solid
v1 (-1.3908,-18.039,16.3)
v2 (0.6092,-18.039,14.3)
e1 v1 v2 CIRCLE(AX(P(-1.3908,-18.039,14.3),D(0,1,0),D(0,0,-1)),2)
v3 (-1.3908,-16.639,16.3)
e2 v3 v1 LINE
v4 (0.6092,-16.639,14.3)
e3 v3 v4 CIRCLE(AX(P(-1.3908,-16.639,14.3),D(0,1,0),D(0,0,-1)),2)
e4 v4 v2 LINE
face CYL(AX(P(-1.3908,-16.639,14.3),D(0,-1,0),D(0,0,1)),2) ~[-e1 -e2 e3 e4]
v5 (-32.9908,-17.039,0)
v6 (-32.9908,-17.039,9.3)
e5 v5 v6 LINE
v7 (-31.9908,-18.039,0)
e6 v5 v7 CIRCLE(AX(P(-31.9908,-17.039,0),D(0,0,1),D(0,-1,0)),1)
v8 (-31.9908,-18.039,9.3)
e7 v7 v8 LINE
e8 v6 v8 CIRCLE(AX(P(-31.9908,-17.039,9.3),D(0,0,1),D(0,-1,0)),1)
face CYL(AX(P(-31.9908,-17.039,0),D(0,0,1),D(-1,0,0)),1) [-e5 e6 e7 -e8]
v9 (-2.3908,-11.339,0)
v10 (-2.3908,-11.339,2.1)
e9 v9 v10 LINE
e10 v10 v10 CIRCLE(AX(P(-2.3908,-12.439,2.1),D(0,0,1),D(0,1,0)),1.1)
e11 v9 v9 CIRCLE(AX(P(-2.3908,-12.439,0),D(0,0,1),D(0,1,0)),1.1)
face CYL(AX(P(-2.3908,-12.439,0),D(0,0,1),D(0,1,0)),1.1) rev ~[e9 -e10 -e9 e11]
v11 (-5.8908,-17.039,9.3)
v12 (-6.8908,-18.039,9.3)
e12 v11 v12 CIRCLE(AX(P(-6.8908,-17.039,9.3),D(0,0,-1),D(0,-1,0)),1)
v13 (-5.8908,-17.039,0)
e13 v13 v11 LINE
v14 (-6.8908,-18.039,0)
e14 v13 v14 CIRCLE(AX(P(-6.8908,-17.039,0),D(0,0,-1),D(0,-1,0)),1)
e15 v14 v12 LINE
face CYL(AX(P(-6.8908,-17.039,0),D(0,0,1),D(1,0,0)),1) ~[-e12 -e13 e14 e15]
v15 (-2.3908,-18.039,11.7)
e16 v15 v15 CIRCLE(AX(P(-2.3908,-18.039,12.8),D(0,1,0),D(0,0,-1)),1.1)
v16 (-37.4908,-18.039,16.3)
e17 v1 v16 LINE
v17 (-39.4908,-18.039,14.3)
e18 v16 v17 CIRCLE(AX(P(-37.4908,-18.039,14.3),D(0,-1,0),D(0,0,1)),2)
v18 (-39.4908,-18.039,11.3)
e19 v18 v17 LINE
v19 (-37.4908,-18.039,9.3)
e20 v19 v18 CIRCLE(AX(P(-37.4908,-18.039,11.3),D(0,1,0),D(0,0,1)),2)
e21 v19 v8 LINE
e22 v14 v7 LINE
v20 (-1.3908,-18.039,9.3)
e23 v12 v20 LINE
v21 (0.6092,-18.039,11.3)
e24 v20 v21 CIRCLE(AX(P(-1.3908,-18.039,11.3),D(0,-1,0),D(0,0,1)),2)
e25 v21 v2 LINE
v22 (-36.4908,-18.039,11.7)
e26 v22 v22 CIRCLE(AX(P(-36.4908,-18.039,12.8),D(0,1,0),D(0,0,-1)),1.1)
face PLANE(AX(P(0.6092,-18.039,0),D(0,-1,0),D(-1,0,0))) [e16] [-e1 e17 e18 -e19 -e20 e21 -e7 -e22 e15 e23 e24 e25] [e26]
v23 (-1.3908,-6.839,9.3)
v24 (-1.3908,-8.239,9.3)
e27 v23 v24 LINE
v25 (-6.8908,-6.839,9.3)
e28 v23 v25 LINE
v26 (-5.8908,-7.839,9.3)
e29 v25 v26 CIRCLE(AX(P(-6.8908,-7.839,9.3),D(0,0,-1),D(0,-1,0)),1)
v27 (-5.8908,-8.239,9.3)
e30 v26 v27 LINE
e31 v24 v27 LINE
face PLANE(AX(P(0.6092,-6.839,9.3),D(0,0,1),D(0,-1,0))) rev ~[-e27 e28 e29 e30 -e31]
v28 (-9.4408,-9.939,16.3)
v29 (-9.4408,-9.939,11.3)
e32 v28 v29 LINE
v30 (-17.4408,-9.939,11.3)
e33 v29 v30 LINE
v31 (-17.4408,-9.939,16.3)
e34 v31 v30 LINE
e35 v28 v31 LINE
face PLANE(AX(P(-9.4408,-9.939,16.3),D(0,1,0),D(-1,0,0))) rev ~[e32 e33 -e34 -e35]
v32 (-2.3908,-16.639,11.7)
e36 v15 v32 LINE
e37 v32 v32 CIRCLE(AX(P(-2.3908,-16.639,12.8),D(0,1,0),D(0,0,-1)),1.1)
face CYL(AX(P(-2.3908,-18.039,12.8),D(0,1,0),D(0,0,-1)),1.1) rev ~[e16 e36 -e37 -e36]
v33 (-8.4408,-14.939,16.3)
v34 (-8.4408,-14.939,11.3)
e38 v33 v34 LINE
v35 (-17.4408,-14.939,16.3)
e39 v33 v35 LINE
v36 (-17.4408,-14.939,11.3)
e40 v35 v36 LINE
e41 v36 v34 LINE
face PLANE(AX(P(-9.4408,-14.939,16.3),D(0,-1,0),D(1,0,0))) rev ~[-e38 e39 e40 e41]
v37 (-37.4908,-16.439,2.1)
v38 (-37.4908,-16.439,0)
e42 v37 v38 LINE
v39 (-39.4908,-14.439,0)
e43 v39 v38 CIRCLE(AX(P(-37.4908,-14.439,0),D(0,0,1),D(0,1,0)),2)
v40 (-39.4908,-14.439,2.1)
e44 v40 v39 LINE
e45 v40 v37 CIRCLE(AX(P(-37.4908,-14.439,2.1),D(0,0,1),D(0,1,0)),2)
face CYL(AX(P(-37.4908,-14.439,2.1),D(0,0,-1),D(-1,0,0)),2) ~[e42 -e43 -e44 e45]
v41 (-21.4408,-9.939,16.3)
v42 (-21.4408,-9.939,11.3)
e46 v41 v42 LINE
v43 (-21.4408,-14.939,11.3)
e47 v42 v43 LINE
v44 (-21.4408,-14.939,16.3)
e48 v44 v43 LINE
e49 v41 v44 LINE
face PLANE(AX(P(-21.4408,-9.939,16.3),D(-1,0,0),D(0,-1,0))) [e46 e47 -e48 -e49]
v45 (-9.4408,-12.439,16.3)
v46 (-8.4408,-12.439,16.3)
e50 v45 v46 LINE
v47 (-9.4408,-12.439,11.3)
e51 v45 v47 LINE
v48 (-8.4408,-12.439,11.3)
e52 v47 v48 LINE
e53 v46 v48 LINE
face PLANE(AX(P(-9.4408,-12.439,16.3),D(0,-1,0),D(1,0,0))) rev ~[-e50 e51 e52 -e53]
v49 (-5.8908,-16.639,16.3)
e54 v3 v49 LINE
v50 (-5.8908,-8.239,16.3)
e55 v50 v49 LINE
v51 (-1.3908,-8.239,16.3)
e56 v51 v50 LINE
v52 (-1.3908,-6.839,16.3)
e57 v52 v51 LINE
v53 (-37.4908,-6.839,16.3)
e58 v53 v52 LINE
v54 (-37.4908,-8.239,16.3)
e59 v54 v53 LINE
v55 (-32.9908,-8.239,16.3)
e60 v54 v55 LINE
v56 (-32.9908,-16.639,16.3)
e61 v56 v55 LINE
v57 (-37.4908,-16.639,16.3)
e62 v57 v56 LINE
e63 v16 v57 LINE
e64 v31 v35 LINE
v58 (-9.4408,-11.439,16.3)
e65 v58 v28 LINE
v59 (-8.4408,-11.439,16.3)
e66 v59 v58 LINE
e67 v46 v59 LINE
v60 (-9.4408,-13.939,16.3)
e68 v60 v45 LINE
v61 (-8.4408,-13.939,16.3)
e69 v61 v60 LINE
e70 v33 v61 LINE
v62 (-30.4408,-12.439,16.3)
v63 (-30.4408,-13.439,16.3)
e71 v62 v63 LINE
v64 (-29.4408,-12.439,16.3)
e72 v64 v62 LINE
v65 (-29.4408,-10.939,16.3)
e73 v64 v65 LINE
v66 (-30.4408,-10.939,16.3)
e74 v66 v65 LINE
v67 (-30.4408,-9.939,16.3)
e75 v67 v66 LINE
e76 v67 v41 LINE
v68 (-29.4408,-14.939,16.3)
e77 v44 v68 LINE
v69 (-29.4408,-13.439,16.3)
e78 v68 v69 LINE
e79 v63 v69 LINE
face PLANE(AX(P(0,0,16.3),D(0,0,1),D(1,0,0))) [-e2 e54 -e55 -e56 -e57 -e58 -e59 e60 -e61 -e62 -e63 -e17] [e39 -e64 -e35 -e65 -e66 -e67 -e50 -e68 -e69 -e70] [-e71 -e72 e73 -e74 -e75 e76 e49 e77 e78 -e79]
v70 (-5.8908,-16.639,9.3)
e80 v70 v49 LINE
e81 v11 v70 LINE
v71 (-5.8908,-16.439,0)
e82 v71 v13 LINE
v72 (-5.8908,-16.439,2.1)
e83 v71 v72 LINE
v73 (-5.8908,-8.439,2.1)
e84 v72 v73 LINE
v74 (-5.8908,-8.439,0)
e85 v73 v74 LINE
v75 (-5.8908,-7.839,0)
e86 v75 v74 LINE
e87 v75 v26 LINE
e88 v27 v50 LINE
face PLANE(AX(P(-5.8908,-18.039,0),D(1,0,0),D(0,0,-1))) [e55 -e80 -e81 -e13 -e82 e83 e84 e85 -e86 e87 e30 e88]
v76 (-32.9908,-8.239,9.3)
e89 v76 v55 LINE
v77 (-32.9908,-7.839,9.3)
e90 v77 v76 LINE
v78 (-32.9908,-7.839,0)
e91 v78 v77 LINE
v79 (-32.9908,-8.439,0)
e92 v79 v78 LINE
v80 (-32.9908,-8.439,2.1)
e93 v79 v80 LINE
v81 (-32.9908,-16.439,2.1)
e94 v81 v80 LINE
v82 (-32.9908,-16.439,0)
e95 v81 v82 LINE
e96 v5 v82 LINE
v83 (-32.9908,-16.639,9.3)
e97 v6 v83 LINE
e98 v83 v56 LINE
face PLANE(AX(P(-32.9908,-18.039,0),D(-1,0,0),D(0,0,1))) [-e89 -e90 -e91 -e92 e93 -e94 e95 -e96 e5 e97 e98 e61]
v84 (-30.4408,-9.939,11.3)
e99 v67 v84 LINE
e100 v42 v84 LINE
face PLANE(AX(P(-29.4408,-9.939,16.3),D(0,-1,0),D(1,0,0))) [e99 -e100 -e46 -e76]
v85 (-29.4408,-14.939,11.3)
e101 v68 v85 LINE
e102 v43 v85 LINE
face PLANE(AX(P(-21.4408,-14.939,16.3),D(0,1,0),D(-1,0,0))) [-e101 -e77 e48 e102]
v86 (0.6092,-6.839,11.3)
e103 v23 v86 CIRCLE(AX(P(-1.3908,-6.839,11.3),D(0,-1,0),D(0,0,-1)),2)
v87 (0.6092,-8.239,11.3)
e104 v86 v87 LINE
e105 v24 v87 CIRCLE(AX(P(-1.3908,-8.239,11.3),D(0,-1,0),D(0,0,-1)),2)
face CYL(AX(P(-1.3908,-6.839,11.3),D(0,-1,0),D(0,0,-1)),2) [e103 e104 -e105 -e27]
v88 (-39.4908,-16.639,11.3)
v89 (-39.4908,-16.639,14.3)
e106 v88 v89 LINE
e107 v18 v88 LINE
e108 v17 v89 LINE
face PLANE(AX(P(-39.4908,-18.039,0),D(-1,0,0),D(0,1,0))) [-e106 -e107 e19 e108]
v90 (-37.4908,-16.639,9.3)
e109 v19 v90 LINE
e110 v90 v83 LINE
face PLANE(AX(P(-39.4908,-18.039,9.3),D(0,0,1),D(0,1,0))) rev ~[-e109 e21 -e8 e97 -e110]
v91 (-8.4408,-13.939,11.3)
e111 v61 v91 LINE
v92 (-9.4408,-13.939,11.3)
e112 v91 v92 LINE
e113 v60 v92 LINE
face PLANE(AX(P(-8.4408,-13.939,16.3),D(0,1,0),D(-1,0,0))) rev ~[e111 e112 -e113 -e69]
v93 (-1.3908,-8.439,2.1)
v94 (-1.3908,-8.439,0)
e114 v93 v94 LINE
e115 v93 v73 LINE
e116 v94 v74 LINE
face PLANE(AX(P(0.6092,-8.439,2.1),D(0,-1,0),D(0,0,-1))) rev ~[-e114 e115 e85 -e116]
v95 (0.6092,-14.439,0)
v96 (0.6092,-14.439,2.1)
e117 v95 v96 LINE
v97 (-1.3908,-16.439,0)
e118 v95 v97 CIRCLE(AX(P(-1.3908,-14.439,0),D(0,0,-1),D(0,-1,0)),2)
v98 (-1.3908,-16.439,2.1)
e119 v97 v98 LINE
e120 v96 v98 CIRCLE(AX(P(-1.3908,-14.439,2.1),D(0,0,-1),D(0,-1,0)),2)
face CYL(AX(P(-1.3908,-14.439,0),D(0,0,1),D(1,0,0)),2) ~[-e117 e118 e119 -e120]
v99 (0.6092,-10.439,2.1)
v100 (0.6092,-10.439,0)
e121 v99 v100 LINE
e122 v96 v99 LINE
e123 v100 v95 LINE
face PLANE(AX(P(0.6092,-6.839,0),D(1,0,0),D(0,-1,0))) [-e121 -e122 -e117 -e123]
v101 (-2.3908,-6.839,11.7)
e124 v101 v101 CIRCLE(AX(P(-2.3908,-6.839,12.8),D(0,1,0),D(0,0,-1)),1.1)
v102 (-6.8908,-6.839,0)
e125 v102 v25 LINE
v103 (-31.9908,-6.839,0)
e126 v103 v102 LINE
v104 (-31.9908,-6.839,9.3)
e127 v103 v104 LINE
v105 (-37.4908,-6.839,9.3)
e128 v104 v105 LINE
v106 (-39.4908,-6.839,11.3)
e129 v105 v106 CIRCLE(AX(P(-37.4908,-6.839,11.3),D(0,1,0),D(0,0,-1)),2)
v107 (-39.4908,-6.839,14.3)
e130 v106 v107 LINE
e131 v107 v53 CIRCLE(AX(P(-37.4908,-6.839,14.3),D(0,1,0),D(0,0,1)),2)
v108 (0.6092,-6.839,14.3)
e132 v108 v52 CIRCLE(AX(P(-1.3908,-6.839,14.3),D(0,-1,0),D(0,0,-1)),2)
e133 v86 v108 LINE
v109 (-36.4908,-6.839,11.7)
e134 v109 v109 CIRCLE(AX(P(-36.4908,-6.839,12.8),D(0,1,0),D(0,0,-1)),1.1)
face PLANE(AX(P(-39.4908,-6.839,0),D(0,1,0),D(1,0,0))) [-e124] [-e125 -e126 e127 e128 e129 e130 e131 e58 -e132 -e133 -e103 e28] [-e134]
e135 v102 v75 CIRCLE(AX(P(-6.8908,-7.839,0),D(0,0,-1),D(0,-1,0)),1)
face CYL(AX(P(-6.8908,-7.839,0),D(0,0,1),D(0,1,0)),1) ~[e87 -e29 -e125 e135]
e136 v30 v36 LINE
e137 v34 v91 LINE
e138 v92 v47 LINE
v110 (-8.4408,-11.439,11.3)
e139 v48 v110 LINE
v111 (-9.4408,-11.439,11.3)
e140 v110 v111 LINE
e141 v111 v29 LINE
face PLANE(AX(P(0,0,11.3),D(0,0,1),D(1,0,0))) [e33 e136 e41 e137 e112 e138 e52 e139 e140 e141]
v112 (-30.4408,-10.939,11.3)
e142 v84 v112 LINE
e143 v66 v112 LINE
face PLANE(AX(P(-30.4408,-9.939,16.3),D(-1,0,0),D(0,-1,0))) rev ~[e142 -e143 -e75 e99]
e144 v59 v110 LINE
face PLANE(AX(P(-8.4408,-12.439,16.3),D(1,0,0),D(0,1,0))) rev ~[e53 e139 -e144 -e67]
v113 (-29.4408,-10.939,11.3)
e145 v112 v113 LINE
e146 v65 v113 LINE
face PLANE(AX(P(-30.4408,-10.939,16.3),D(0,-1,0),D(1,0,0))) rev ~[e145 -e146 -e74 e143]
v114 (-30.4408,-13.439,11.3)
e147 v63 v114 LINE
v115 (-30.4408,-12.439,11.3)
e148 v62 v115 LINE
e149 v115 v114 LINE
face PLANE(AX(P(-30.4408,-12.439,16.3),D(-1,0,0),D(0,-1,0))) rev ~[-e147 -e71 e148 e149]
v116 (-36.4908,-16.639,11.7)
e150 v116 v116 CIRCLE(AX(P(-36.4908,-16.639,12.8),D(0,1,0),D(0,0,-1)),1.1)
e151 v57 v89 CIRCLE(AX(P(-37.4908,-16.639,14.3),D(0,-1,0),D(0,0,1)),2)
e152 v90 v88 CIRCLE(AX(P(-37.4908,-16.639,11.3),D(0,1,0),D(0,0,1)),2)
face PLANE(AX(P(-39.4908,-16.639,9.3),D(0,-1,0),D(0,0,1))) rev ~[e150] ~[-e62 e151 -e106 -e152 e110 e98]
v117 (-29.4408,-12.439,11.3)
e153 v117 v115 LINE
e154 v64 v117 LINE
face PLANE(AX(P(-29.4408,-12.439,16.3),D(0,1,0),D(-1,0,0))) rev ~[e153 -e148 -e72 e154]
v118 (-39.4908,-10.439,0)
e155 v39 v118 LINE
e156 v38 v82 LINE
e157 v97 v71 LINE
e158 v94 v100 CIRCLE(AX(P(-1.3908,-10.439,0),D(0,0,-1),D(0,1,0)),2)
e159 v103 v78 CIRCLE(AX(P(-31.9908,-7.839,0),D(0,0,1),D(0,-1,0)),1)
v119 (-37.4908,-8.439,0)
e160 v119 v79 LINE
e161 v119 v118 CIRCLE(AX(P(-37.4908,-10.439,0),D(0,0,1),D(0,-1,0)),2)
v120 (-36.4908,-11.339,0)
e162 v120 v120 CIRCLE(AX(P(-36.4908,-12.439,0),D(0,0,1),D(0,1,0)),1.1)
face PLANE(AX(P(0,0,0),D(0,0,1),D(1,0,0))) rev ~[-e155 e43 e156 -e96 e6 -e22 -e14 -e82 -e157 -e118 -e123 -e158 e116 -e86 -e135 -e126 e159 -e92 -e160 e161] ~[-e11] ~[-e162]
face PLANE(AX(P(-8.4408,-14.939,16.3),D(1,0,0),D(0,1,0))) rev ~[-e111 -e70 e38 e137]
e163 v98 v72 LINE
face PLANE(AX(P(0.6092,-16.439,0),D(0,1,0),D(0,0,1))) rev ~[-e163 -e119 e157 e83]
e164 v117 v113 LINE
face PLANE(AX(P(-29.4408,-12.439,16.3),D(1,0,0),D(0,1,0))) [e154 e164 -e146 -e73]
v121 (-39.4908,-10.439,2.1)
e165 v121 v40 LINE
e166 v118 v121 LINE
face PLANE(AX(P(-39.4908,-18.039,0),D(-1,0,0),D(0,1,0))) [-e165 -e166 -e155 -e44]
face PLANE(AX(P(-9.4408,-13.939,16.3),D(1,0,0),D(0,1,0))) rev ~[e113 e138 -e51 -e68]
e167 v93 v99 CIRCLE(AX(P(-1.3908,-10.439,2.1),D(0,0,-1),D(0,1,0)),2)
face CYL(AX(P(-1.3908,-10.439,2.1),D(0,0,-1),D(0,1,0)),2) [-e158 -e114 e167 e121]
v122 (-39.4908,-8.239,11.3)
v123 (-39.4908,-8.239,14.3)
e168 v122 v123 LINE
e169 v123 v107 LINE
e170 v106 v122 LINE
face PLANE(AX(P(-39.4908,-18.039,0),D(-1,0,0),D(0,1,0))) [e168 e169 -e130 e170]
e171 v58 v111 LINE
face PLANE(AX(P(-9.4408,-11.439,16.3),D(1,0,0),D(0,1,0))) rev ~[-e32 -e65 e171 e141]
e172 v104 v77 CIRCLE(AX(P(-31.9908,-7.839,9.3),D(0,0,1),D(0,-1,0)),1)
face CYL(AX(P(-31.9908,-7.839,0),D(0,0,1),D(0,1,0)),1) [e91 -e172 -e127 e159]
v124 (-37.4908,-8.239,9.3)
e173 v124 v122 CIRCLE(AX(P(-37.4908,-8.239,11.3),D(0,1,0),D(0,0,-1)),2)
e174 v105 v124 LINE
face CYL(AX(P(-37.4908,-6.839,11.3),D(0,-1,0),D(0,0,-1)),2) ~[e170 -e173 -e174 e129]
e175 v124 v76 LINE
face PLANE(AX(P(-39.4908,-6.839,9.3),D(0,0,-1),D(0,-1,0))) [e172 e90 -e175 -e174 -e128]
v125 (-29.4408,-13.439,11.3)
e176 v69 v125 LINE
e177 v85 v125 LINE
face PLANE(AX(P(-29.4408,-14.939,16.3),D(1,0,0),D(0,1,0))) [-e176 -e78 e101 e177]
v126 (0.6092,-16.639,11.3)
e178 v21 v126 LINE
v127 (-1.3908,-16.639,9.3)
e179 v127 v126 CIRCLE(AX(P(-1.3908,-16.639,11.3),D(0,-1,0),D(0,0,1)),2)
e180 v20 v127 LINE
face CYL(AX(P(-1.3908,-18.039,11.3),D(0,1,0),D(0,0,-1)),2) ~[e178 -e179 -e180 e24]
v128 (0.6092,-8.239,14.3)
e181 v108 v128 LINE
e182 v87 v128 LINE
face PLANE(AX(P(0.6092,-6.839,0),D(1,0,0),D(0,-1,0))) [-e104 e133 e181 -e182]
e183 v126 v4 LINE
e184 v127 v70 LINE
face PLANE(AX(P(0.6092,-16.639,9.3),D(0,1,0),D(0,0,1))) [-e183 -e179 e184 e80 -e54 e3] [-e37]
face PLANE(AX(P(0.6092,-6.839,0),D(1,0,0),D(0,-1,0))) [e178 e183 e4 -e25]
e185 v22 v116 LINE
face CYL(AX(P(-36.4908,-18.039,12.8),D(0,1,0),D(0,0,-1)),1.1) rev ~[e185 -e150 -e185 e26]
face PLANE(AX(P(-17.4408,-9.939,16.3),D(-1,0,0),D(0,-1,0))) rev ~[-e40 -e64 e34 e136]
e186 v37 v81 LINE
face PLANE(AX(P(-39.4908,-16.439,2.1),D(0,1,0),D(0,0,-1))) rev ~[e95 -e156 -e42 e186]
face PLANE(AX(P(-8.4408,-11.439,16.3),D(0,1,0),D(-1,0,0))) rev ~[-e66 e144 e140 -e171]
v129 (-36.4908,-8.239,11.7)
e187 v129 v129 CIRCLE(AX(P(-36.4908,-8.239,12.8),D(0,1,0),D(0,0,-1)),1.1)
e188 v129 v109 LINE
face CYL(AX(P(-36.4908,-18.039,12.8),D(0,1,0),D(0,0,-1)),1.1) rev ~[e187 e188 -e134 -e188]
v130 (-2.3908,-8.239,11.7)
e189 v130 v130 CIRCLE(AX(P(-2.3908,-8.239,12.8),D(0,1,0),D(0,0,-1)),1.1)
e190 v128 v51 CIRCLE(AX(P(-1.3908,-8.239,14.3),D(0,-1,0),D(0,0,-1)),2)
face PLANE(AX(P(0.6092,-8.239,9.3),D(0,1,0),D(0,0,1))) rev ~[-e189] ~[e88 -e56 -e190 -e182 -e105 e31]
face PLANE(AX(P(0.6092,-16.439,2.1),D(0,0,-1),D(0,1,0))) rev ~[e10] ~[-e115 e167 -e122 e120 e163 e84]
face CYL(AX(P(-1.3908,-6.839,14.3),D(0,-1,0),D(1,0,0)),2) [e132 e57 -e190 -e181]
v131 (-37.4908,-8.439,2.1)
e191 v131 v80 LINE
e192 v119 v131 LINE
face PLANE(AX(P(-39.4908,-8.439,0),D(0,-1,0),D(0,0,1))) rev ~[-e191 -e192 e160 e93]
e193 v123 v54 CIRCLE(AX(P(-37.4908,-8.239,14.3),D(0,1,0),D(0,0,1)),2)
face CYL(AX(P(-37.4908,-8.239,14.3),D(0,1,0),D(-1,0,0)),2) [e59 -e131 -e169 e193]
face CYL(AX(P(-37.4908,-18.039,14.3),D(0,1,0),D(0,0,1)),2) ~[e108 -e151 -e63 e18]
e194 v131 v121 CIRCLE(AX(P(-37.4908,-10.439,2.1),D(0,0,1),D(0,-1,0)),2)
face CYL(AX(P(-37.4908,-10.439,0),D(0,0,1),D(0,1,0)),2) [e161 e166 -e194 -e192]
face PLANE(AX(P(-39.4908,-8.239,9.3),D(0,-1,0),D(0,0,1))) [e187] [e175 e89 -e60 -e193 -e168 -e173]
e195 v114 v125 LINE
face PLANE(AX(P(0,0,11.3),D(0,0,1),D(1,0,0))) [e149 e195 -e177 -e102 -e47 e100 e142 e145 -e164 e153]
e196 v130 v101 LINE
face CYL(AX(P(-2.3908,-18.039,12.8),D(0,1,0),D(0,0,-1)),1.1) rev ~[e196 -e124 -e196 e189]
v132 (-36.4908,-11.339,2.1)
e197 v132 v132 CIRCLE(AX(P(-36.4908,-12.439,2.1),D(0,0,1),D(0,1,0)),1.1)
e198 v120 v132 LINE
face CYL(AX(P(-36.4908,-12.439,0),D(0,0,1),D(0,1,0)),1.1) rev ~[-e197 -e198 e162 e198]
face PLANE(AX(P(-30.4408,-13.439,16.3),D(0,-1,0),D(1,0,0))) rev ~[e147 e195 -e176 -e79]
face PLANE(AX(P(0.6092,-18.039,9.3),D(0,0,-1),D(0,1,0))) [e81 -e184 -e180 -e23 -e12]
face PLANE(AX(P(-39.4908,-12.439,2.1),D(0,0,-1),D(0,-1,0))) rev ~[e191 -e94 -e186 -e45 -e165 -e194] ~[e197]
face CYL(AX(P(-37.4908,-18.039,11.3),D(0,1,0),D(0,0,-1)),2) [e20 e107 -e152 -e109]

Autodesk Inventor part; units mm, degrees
ref_plane "YZ Plane" through (0, 0, 0) normal (1, 0, 0) x (0, 1, 0)
ref_plane "XZ Plane" through (0, 0, 0) normal (0, 1, 0) x (-1, 0, 0)
ref_plane "XY Plane" through (0, 0, 0) normal (0, 0, 1) x (1, 0, 0)
sketch "スケッチ1" plane through (0, 0, 0) normal (0, 0, 1) x (1, 0, 0)
  line L0 (-39.4908, -6.839) -> (0.6092, -6.839)
  line L1 (0.6092, -6.839) -> (0.6092, -18.039)
  line L2 (0.6092, -18.039) -> (-39.4908, -18.039)
  line L3 (-39.4908, -18.039) -> (-39.4908, -6.839)
  point P0 (0, 0)
  dimension "d0" = 40.1
  dimension "d1" = 11.2
extrude "押し出し1" add sketch "スケッチ1" along normal blind 16.3
sketch "スケッチ2" plane through (0.6092, -18.039, 0) normal (1, 0, 0) x (0, 0, -1)
  line L0 (-16.3, 11.2) -> (-16.3, 0) projected
  line L1 (0, 0) -> (-16.3, 0) projected
  line L2 (0, 11.2) -> (0, 0) projected
  line L3 (0, 11.2) -> (-16.3, 11.2) projected
  line L4 (-16.3, 0) -> (-9.3, 0)
  line L5 (-9.3, 0) -> (-9.3, 1.4)
  line L6 (-9.3, 1.4) -> (-16.3, 1.4)
  line L7 (-16.3, 1.4) -> (-16.3, 0)
  line L8 (-16.3, 11.2) -> (-9.3, 11.2)
  line L9 (-9.3, 11.2) -> (-9.3, 9.8)
  line L10 (-9.3, 9.8) -> (-16.3, 9.8)
  line L11 (-16.3, 9.8) -> (-16.3, 11.2)
  line L12 (0, 1.6) -> (-2.1, 1.6)
  line L13 (-2.1, 1.6) -> (-2.1, 9.6)
  line L14 (-2.1, 9.6) -> (0, 9.6)
  line L15 (0, 9.6) -> (0, 1.6)
  point P0 (0, 18.039)
  dimension "d4" = 8
  dimension "d5" = 2.1
  dimension "d6" = 7
  dimension "d7" = 7
  dimension "d8" = 8.4
extrude "押し出し2" cut sketch "スケッチ2" against normal blind 6.5 contours L10 L9 L3 L2 L14 L13 L12 L1 L5 L6 L0
sketch "スケッチ3" plane through (-39.4908, -18.039, 0) normal (-1, 0, 0) x (0, 0, 1)
  line L0 (16.3, 0) -> (16.3, 11.2) projected
  line L1 (0, 11.2) -> (16.3, 11.2) projected
  line L2 (0, 0) -> (0, 11.2) projected
  line L3 (0, 0) -> (16.3, 0) projected
  line L4 (16.3, 11.2) -> (9.3, 11.2)
  line L5 (9.3, 11.2) -> (9.3, 9.8)
  line L6 (9.3, 9.8) -> (16.3, 9.8)
  line L7 (16.3, 9.8) -> (16.3, 11.2)
  line L8 (16.3, 0) -> (9.3, 0)
  line L9 (9.3, 0) -> (9.3, 1.4)
  line L10 (9.3, 1.4) -> (16.3, 1.4)
  line L11 (16.3, 1.4) -> (16.3, 0)
  line L12 (0, 9.6) -> (2.1, 9.6)
  line L13 (2.1, 9.6) -> (2.1, 1.6)
  line L14 (2.1, 1.6) -> (0, 1.6)
  line L15 (0, 1.6) -> (0, 9.6)
  line L16 (2.1, 5.6) -> (16.3, 5.6)
  point P0 (0, 18.039)
  dimension "d12" = 7
  dimension "d13" = 7
  dimension "d14" = 8
  dimension "d15" = 2.1
  dimension "d16" = 8.4
  dimension "d17" = 4.2
extrude "押し出し3" cut sketch "スケッチ3" against normal blind 6.5 contours L10 L9 L3 L2 L14 L13 L16 L0 | L16 L13 L12 L2 L1 L5 L6 L0
sketch "スケッチ4" plane through (0, 0, 0) normal (0, 0, -1) x (-1, 0, 0)
  line L0 (5.8908, -18.039) -> (32.9908, -18.039) projected
  line L1 (39.4908, -8.439) -> (32.9908, -8.439) projected
  line L2 (36.4908, -12.439) -> (2.3908, -12.439)
  line L3 (19.4408, -12.439) -> (19.4408, -18.039)
  point P0 (0, 0)
  dimension "d20" = 34.1
  dimension "d21" = 5.6
hole "穴1" at (-36.4908, -12.439, 0) at (-2.3908, -12.439, 0) direction (0, 0, 1) diameter 2.2 end through all
sketch "スケッチ5" plane through (-39.4908, -18.039, 16.3) normal (0, -1, 0) x (1, 0, 0)
  line L0 (33.6, -16.3) -> (6.5, -16.3) projected
  line L1 (40.1, -7) -> (40.1, 0) projected
  line L2 (40.1, 0) -> (0, 0) projected
  line L3 (3, -3.5) -> (37.1, -3.5)
  line L4 (20.05, -3.5) -> (20.05, 0)
  point P0 (39.4908, -16.3)
  dimension "d29" = 34.1
  dimension "d30" = 12.8
hole "穴2" at (-36.4908, -18.039, 12.8) at (-2.3908, -18.039, 12.8) direction (0, 1, 0) diameter 2.2 end through all
fillet "フィレット1" radius 2 12 edges at (0.6092, -17.339, 16.3) (0.6092, -17.339, 9.3) (0.6092, -7.539, 16.3) (0.6092, -7.539, 9.3) (-39.4908, -7.539, 16.3) (-39.4908, -17.339, 16.3) (-39.4908, -17.339, 9.3) (-39.4908, -7.539, 9.3) (0.6092, -16.439, 1.05) (0.6092, -8.439, 1.05) (-39.4908, -16.439, 1.05) (-39.4908, -8.439, 1.05)
fillet "フィレット2" radius 1 4 edges at (-32.9908, -18.039, 4.65) (-5.8908, -18.039, 4.65) (-5.8908, -6.839, 4.65) (-32.9908, -6.839, 4.65)
sketch "スケッチ6" plane through (0, 0, 16.3) normal (0, 0, 1) x (1, 0, 0)
  line L0 (-29.4408, -9.939) -> (-21.4408, -9.939)
  line L1 (-21.4408, -9.939) -> (-21.4408, -14.939)
  line L2 (-21.4408, -14.939) -> (-29.4408, -14.939)
  line L3 (-9.4408, -9.939) -> (-17.4408, -9.939)
  line L4 (-17.4408, -9.939) -> (-17.4408, -14.939)
  line L5 (-17.4408, -14.939) -> (-9.4408, -14.939)
  line L6 (-29.4408, -9.939) -> (-30.4408, -9.939)
  line L7 (-30.4408, -9.939) -> (-30.4408, -10.939)
  line L8 (-30.4408, -10.939) -> (-29.4408, -10.939)
  line L9 (-29.4408, -12.439) -> (-30.4408, -12.439)
  line L10 (-30.4408, -12.439) -> (-30.4408, -13.439)
  line L11 (-30.4408, -13.439) -> (-29.4408, -13.439)
  line L12 (-9.4408, -14.939) -> (-8.4408, -14.939)
  line L13 (-8.4408, -14.939) -> (-8.4408, -13.939)
  line L14 (-8.4408, -13.939) -> (-9.4408, -13.939)
  line L15 (-9.4408, -12.439) -> (-8.4408, -12.439)
  line L16 (-8.4408, -12.439) -> (-8.4408, -11.439)
  line L17 (-8.4408, -11.439) -> (-9.4408, -11.439)
  line L18 (-29.4408, -14.939) -> (-29.4408, -13.439)
  line L19 (-29.4408, -12.439) -> (-29.4408, -10.939)
  line L20 (-9.4408, -13.939) -> (-9.4408, -12.439)
  line L21 (-9.4408, -11.439) -> (-9.4408, -9.939)
  point P0 (0, 0)
  dimension "d41" = 5
  dimension "d43" = 1
  dimension "d46" = 1
  dimension "d47" = 1
  dimension "d50" = 1
extrude "押し出し4" cut sketch "スケッチ6" against normal blind 5
properties part number "TB-22PP" material "ABS Plastic"
